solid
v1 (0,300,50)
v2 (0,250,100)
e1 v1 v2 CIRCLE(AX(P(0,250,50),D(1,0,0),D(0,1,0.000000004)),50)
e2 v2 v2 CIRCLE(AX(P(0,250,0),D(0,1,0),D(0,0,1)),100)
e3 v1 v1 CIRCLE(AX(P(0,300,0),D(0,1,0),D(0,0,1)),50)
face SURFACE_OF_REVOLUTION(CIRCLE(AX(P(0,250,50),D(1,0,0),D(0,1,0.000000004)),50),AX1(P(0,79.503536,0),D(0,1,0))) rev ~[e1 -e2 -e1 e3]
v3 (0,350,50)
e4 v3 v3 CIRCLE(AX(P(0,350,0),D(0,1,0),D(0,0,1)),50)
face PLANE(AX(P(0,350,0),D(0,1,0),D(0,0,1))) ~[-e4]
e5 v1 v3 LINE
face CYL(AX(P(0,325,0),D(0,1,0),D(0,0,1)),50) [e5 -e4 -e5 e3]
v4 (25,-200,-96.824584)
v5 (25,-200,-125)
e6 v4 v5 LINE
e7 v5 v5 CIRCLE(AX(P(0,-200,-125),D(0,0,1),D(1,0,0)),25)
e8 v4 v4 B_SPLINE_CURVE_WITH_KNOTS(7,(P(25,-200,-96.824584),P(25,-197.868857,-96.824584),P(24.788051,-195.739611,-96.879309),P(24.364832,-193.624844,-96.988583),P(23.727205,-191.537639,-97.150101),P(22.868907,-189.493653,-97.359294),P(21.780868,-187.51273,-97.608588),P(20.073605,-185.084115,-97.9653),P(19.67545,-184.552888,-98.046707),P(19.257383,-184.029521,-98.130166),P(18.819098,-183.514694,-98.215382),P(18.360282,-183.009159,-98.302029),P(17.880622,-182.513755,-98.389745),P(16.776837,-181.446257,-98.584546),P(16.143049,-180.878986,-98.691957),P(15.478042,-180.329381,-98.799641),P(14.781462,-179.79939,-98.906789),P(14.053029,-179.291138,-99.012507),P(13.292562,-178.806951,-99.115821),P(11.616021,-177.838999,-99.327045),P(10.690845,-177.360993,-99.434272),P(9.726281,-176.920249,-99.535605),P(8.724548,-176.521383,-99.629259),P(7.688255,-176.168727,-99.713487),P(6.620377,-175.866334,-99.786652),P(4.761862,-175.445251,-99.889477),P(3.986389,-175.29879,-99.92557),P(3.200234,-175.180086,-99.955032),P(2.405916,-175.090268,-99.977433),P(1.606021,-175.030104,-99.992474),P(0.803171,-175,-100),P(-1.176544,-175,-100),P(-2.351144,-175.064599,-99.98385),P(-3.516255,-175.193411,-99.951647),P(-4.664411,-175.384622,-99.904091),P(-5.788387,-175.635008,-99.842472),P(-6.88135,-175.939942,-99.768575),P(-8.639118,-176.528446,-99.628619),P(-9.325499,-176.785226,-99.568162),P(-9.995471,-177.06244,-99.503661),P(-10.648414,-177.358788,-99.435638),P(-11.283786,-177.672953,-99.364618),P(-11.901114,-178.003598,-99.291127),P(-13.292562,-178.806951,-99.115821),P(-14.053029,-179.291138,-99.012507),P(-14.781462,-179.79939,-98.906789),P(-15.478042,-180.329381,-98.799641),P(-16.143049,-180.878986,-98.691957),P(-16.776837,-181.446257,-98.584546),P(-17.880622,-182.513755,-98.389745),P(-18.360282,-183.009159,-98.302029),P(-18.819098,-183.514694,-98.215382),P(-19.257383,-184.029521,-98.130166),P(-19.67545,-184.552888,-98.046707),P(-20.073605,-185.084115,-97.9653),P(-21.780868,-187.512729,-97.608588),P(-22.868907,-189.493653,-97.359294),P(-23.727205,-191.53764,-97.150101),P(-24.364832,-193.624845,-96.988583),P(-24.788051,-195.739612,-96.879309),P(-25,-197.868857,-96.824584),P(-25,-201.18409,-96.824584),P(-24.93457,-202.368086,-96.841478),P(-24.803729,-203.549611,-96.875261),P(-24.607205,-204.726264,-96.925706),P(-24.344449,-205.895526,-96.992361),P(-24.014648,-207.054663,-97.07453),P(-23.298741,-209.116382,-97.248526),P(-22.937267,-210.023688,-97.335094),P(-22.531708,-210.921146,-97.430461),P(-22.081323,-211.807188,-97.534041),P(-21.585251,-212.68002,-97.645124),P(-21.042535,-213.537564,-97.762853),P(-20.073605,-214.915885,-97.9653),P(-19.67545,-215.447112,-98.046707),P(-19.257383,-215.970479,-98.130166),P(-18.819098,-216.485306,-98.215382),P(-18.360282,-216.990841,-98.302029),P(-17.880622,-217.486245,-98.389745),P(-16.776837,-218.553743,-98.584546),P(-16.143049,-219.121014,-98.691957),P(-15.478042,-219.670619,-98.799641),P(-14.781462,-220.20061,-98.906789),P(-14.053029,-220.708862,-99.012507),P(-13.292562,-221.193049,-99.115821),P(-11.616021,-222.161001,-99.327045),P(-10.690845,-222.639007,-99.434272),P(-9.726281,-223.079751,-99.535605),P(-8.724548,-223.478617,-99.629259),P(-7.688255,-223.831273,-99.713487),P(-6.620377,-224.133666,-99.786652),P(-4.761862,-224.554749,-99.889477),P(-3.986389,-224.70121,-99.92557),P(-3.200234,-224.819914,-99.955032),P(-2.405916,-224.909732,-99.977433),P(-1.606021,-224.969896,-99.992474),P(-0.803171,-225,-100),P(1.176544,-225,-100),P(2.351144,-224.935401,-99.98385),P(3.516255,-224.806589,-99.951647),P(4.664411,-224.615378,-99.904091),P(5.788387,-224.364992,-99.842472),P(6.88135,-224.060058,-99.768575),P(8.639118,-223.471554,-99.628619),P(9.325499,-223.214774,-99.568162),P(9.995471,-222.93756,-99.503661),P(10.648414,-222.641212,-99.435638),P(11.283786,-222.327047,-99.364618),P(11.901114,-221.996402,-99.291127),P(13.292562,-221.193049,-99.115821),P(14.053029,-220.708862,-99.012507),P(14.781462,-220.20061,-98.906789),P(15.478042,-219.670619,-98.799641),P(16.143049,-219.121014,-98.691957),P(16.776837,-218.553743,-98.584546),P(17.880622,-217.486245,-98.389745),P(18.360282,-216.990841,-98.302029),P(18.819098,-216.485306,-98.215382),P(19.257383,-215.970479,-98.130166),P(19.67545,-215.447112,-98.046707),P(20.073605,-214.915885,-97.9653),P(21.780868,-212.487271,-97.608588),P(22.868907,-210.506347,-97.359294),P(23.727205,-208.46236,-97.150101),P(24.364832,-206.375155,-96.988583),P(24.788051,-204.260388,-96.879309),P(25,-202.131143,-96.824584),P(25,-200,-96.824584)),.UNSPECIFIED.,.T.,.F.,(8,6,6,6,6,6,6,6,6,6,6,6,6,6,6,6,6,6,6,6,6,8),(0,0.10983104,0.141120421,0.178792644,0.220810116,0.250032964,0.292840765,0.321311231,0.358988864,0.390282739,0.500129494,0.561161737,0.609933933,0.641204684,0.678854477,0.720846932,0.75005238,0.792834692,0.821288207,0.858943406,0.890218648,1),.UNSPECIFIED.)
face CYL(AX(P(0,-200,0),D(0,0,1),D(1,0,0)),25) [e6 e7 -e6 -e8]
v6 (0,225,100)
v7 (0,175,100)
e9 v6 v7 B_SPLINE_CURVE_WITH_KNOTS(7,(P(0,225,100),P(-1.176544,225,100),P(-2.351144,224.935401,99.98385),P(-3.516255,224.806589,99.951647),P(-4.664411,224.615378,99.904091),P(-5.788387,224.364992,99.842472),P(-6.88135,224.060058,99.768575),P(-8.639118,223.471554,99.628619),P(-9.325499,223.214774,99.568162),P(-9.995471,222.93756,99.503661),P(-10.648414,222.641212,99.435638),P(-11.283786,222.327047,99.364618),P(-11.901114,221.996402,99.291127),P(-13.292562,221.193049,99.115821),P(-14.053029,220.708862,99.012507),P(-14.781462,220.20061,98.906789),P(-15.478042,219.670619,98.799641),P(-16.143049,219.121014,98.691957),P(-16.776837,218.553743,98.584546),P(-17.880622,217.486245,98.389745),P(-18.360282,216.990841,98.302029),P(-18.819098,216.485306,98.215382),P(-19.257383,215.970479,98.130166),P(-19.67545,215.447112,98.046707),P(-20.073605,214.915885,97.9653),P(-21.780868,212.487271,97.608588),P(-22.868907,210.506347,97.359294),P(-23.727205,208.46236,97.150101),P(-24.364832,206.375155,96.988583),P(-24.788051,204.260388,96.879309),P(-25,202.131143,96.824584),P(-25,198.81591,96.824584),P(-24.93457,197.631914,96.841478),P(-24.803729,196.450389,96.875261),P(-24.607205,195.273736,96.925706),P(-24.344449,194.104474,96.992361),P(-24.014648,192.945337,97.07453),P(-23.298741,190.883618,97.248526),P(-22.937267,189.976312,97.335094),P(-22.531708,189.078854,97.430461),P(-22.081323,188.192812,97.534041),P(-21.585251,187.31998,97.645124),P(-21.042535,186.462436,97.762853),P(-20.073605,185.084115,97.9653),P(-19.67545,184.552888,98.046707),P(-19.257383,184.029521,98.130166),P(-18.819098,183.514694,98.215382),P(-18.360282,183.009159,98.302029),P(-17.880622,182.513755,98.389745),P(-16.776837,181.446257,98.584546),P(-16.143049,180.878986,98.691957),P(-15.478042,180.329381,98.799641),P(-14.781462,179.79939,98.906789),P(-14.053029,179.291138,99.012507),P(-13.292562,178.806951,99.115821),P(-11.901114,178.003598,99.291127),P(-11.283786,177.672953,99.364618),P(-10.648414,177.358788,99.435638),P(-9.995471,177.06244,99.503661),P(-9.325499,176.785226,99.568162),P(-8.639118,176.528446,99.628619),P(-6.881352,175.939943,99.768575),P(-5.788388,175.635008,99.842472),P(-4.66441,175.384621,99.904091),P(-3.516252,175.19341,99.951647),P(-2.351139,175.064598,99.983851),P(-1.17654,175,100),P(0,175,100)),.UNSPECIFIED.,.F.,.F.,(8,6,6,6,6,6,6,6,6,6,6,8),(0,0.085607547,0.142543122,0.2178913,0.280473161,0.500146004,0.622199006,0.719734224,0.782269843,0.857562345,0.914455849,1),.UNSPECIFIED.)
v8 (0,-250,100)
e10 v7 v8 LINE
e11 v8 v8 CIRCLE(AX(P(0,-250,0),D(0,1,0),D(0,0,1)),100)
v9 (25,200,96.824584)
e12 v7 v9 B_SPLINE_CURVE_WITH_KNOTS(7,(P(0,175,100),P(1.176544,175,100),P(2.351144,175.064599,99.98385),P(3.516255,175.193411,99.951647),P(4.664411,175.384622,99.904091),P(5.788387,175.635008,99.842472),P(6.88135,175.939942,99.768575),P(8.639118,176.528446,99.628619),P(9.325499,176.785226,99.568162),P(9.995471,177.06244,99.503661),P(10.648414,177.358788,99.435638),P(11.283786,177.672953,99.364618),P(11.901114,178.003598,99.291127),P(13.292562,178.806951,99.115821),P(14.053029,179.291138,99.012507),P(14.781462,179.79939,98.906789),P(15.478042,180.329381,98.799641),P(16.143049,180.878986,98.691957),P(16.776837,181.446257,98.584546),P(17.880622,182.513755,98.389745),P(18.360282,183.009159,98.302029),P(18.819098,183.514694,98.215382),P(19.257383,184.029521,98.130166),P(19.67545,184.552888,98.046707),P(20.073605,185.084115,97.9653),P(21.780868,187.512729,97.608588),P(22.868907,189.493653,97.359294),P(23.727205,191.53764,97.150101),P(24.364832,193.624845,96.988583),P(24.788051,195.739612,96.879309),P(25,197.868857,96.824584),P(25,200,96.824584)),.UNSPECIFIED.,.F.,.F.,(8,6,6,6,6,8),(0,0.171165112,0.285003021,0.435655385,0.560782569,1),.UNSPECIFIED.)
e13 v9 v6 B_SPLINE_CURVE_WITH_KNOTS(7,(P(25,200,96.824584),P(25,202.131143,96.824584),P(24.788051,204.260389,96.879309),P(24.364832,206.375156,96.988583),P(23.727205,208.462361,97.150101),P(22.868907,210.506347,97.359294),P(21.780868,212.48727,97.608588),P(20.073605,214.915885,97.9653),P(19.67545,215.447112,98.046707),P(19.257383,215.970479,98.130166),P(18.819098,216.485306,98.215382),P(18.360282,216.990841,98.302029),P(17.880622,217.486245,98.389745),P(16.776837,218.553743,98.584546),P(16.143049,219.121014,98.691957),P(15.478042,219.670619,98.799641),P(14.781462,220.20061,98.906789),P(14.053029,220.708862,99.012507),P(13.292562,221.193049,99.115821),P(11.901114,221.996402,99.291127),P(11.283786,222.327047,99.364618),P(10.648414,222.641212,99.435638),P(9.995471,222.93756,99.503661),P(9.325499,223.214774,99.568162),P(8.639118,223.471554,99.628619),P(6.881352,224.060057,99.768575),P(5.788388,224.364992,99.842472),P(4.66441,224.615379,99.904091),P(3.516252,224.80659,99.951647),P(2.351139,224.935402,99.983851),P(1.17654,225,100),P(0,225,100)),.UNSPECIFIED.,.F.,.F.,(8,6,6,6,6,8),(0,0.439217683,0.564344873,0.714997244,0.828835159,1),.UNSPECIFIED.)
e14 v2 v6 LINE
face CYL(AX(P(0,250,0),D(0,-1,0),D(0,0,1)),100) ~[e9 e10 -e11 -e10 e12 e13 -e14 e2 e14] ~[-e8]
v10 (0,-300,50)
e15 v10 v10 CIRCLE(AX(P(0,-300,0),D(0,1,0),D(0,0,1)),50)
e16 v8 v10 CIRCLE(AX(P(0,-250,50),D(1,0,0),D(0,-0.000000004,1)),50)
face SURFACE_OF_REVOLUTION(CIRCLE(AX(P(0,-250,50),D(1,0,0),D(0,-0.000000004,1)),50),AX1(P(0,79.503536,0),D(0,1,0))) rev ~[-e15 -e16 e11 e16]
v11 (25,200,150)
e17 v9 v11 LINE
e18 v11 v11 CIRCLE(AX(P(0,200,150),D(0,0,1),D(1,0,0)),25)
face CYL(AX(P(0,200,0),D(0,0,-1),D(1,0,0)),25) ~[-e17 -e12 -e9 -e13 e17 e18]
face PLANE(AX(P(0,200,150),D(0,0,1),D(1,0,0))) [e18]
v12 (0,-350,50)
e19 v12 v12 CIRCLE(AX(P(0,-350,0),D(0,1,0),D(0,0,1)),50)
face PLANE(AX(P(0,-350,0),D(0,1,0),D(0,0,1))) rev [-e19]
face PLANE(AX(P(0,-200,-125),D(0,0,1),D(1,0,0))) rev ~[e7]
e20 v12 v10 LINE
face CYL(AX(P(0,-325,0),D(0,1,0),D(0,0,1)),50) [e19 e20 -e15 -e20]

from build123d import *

# Parameters (mm, degrees)
F0_W     = 50
F0_H     = 50
F2_R     = 25
F3_DEPTH = 150
F4_DEPTH = 125


with BuildPart() as f1:
    # F0 (on Right) → F1 (revolve)
    with BuildSketch(Plane.YZ):
        with Locations((-325, 25)):
            Rectangle(F0_W, F0_H)
        with BuildLine():
            Line((-300, 0), (0, 0))
            Line((0, 0), (300, 0))
            Line((300, 0), (300, 50))
            ThreePointArc((300, 50), (285.355339, 85.355339), (250, 100))
            Line((250, 100), (-250, 100))
            ThreePointArc((-250, 100), (-285.355339, 85.355339), (-300, 50))
            Line((-300, 50), (-300, 0))
        make_face()
        with Locations((325, 25)):
            Rectangle(F0_W, F0_H)
    revolve(axis=Axis((0, 79.503536, 0), (0, 1, 0)))

    # F2 (on Top) → F3 (join)
    with BuildSketch(Plane.XY):
        with Locations((0, 200)):
            Circle(F2_R)
    extrude(amount=F3_DEPTH)

    # F2 (on Top) → F4 (join)
    with BuildSketch(Plane.XY):
        with Locations((0, -200)):
            Circle(F2_R)
    extrude(amount=-F4_DEPTH)


solid = f1.part
